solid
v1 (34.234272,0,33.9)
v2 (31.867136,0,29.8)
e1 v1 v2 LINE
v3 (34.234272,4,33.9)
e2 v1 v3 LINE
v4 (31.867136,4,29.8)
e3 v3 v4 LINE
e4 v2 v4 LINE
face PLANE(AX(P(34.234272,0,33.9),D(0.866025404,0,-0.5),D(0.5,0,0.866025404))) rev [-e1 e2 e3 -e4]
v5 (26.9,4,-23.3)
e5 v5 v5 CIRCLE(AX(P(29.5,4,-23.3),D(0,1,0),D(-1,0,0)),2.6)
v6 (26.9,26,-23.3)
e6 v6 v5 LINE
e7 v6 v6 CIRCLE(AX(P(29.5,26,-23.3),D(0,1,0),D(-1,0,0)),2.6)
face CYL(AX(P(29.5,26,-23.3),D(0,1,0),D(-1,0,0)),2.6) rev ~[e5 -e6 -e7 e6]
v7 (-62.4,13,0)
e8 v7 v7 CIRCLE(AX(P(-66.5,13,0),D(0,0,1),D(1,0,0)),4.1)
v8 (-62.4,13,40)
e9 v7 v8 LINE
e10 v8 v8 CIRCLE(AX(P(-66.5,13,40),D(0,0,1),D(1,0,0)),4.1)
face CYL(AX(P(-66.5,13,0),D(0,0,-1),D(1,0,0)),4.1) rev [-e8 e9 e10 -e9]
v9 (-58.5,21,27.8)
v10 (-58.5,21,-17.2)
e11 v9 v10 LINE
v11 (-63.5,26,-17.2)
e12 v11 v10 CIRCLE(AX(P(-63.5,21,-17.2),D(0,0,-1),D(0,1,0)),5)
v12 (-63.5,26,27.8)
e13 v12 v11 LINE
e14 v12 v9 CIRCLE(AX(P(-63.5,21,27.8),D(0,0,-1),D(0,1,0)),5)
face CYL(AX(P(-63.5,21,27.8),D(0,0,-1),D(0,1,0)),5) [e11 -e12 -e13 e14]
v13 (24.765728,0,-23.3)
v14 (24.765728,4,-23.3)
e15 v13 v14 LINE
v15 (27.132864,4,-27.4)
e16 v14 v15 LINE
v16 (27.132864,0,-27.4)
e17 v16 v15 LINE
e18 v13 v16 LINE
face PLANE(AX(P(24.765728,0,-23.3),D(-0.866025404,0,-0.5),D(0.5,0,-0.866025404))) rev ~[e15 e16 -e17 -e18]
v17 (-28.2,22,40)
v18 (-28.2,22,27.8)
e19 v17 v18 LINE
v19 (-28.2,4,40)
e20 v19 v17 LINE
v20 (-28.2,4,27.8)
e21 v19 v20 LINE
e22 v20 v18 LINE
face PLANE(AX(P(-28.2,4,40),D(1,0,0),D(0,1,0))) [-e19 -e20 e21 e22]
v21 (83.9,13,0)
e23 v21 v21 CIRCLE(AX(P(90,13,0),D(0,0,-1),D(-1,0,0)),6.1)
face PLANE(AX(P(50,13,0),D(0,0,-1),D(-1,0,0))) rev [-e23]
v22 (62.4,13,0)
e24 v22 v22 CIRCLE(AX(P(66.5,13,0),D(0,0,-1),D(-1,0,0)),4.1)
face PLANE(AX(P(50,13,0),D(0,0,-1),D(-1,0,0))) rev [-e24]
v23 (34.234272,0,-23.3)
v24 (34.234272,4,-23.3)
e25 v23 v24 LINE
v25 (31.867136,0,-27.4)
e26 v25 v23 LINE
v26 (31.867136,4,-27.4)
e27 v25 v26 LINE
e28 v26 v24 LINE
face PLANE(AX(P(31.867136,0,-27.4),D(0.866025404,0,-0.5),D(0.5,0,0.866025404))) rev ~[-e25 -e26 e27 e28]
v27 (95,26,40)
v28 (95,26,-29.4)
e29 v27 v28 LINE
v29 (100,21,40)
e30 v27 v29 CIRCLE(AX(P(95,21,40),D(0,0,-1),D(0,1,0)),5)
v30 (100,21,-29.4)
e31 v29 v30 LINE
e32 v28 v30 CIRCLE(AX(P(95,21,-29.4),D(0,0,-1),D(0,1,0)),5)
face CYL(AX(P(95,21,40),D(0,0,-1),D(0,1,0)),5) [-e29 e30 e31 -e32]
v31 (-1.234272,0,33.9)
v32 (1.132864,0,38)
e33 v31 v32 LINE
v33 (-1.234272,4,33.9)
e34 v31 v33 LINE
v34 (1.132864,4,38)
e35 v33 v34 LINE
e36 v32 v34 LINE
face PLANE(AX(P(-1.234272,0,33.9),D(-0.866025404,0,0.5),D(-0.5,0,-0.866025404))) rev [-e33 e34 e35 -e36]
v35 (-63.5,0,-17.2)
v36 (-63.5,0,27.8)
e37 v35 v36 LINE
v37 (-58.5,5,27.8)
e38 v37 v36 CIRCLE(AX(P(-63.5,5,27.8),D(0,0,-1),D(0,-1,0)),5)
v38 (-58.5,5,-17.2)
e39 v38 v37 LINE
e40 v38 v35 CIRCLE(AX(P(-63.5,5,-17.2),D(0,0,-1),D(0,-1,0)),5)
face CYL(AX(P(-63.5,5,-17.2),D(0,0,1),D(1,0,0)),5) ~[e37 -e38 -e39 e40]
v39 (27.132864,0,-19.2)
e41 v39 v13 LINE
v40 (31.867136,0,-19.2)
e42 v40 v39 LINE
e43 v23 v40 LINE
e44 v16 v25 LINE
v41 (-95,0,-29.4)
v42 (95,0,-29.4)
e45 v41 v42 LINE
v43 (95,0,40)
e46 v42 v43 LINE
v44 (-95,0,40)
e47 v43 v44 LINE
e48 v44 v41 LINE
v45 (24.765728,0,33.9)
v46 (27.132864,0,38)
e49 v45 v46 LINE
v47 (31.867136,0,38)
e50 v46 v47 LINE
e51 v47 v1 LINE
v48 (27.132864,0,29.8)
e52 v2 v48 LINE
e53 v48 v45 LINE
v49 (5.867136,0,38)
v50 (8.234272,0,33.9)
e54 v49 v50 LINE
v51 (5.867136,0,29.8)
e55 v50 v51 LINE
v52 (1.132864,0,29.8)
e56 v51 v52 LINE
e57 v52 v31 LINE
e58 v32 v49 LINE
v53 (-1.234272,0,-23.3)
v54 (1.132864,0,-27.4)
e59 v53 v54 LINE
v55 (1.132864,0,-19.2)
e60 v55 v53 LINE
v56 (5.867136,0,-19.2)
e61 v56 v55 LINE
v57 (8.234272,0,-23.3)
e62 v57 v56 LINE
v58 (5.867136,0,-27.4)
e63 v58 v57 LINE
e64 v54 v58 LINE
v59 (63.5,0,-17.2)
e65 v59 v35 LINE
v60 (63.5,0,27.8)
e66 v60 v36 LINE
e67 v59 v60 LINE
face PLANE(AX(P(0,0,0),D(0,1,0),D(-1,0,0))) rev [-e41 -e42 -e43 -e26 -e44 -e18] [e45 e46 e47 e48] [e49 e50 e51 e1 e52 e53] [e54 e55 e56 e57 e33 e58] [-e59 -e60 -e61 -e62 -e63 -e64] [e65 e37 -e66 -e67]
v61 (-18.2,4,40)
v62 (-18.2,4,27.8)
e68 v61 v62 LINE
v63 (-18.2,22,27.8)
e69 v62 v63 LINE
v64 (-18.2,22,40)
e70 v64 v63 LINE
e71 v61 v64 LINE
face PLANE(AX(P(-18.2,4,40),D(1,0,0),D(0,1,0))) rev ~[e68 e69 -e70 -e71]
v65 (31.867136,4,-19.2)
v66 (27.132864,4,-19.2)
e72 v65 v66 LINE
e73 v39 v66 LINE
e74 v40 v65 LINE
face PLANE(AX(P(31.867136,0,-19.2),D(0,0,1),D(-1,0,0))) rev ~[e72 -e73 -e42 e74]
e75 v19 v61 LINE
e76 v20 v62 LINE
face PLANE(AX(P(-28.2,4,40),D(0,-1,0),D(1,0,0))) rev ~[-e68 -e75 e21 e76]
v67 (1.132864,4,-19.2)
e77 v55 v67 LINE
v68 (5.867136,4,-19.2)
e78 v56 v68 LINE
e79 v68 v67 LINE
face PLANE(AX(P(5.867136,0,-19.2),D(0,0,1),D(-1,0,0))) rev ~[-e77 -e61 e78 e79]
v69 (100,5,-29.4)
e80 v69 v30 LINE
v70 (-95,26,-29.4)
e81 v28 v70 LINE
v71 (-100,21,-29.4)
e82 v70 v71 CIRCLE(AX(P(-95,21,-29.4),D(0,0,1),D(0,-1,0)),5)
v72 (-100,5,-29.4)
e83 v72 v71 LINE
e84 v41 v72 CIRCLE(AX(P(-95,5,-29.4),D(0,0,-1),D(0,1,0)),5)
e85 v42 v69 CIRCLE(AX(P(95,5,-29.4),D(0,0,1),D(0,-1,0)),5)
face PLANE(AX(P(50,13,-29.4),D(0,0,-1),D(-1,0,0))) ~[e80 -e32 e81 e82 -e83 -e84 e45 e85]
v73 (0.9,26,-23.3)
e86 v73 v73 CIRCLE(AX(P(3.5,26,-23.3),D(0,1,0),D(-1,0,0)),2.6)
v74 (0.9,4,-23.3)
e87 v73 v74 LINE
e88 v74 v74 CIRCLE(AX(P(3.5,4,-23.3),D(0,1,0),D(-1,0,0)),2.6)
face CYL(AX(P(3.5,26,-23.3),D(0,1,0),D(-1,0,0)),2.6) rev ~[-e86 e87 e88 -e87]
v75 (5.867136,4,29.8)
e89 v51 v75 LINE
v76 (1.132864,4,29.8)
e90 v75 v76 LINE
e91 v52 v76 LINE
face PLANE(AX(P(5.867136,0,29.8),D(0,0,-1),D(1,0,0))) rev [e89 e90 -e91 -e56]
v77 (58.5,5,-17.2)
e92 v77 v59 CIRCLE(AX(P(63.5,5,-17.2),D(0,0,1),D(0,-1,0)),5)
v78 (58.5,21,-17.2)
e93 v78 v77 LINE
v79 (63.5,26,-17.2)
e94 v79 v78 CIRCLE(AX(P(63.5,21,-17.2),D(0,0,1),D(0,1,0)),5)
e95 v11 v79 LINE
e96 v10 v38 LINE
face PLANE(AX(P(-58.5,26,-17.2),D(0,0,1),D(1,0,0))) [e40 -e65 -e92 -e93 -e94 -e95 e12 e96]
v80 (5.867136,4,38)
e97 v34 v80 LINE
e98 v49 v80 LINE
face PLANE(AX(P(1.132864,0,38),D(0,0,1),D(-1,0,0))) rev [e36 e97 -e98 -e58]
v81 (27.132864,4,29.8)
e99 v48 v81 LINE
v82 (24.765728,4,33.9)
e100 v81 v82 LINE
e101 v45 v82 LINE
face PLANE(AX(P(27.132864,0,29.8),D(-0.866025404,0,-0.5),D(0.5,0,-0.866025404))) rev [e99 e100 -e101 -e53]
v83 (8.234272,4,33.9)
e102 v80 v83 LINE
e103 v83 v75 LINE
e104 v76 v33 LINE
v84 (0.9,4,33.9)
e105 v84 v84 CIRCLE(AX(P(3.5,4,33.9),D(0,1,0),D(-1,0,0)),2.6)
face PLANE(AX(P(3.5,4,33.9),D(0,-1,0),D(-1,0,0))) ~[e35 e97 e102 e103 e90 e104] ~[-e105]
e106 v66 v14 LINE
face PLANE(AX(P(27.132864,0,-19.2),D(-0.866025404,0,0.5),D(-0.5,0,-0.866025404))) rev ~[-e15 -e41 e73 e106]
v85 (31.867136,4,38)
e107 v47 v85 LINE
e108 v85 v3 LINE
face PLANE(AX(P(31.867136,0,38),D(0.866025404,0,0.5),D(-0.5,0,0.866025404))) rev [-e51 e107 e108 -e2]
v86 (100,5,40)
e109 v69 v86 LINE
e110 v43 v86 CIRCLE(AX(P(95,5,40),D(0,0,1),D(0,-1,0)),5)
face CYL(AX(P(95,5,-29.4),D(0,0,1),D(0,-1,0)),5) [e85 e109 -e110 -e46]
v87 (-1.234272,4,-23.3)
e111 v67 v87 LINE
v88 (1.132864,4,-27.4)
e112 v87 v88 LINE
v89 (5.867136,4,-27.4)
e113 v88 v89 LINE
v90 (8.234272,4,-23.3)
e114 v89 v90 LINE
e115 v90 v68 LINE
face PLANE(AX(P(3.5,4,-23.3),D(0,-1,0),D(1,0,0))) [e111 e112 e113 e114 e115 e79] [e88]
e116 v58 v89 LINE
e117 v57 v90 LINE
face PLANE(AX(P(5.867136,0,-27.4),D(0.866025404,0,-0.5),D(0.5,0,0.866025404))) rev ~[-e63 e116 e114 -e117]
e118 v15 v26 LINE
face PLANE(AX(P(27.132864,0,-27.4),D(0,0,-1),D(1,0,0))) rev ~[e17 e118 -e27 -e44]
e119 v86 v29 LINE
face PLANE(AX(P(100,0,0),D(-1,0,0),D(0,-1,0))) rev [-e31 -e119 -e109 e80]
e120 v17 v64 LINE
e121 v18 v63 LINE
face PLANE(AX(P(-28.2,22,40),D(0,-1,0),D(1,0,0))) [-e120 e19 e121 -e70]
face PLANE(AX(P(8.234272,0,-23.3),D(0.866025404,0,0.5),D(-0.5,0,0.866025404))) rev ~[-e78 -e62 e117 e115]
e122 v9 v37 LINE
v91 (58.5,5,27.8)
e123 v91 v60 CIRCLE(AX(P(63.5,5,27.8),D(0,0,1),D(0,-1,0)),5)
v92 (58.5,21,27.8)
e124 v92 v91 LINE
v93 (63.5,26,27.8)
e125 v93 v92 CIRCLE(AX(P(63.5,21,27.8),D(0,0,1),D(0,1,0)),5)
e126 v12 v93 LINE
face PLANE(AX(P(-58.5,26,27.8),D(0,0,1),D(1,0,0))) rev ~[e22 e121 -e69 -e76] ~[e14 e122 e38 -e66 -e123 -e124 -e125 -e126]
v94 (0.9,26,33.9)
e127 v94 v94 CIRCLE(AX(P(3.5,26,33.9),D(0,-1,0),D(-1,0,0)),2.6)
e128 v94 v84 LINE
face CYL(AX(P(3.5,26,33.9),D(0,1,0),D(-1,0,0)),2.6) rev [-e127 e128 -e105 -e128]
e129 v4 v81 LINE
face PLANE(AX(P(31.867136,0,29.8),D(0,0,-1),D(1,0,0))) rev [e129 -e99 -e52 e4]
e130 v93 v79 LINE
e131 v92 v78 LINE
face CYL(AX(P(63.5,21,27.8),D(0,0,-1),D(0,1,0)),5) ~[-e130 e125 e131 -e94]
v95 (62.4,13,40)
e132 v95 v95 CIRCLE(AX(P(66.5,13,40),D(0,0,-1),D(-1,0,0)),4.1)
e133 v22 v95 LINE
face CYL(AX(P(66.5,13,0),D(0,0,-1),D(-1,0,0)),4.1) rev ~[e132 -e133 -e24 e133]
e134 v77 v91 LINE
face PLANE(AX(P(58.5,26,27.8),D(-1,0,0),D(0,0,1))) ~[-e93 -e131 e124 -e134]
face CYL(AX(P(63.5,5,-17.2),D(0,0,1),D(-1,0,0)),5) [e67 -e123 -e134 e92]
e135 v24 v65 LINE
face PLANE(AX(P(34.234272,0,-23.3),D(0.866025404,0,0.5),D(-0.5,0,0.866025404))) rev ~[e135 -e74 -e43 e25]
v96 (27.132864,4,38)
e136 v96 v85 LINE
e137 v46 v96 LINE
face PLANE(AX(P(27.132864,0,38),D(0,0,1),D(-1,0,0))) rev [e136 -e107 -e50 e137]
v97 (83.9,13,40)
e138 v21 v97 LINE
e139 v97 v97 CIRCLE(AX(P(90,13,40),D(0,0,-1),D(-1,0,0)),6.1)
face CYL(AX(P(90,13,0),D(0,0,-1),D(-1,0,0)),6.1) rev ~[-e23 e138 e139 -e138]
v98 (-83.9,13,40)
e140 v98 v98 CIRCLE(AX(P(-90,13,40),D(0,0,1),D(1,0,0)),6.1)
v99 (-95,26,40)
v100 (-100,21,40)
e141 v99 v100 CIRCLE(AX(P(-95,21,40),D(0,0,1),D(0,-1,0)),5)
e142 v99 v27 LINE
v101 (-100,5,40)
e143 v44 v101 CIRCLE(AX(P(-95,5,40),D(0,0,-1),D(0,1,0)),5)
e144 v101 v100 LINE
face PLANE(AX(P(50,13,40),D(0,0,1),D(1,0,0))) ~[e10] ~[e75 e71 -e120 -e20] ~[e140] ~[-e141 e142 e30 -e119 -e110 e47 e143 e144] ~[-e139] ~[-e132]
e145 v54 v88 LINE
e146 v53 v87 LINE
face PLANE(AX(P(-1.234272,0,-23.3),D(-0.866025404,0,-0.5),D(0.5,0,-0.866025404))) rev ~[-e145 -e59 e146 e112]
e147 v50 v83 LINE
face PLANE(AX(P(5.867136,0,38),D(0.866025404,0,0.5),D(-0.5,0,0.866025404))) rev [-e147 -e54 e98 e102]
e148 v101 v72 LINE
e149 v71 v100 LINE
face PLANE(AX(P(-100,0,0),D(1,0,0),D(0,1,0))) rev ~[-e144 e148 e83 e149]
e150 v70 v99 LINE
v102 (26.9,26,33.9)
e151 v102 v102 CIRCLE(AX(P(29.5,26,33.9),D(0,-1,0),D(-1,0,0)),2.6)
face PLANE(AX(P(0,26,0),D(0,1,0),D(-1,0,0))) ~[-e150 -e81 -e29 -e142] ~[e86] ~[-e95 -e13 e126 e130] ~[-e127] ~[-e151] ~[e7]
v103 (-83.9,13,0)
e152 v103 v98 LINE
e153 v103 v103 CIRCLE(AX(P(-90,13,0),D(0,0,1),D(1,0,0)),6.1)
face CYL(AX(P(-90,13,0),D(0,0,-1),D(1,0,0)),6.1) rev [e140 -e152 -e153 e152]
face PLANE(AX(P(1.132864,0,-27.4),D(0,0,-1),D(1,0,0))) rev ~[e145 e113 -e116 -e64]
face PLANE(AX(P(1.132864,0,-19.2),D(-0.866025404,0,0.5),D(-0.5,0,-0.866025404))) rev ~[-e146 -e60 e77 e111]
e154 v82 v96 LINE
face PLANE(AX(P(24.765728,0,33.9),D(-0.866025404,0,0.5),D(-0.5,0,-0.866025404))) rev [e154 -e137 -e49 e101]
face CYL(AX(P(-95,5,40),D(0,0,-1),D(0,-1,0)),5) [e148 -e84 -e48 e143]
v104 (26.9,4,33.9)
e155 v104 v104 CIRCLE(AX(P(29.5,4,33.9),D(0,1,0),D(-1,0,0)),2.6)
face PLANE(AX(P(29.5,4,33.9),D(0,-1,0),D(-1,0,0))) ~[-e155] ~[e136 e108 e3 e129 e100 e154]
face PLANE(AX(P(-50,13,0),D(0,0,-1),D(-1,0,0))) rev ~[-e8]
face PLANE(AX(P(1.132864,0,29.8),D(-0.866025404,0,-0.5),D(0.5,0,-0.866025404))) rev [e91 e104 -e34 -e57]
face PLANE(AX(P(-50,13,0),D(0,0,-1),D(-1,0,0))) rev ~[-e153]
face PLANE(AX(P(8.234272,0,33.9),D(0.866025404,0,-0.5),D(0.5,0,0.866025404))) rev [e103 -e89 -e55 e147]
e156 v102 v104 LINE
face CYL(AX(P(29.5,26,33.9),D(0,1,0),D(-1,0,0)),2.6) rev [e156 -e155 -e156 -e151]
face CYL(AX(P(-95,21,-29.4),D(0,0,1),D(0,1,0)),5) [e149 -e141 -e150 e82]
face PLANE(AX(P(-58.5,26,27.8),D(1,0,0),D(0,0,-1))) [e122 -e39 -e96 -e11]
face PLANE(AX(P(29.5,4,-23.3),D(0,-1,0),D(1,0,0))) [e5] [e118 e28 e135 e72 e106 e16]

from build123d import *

# Parameters (mm, degrees)
SKETCH1_W           = 100
SKETCH1_H           = 26
SKETCH1_R           = 6.1
SKETCH1_R_2         = 4.1
BOSS_EXTRUDE1_DEPTH = 40
SKETCH2_W           = 100
SKETCH2_H           = 26
BOSS_EXTRUDE2_DEPTH = 29.4
CUT_EXTRUDE1_REACH  = 112.797
SKETCH3_W           = 58.5
SKETCH3_H           = 45
SKETCH4_R           = 2.6
CUT_EXTRUDE2_DEPTH  = 111.797111876
CUT_EXTRUDE3_DEPTH  = 4
SKETCH6_W           = 10
SKETCH6_H           = 18
CUT_EXTRUDE4_DEPTH  = 12.2
FILLET1_R           = 5


with BuildPart() as part:
    # Sketch1 → Boss-Extrude1 (new body)
    with BuildSketch(Plane.XY):
        with Locations((-50, 13)):
            Rectangle(SKETCH1_W, SKETCH1_H)
        with Locations((-90, 13)):
            Circle(SKETCH1_R, mode=Mode.SUBTRACT)
        with Locations((-66.5, 13)):
            Circle(SKETCH1_R_2, mode=Mode.SUBTRACT)
    boss_extrude1 = extrude(amount=BOSS_EXTRUDE1_DEPTH)

    # Sketch2 → Boss-Extrude2 (add)
    with BuildSketch(Plane(origin=(0, 0, 0), x_dir=(-1, 0, 0), z_dir=(0, 0, -1))):
        with Locations((50, 13)):
            Rectangle(SKETCH2_W, SKETCH2_H)
    boss_extrude2 = extrude(amount=BOSS_EXTRUDE2_DEPTH)

    # Sketch3 → Cut-Extrude1 (cut, up to next)
    with BuildSketch(Plane(origin=(0, 26, 0), x_dir=(1, 0, 0), z_dir=(0, 1, 0)), mode=Mode.PRIVATE) as cut_extrude1_sk1:
        with Locations((-29.25, -5.3)):
            Rectangle(SKETCH3_W, SKETCH3_H)
    cut_extrude1_tool1 = extrude(cut_extrude1_sk1.sketch, amount=-CUT_EXTRUDE1_REACH, mode=Mode.PRIVATE) & part.part
    cut_extrude1 = cut_extrude1_tool1.solids().sort_by_distance((-29.25, 26, 5.3))[0]
    add(cut_extrude1, mode=Mode.SUBTRACT)

    # Mirror2: Boss-Extrude1, Boss-Extrude2, Cut-Extrude1 across plane
    add(boss_extrude1.mirror(Plane(origin=(0, 0, 40), x_dir=(0, 0, 1), z_dir=(-1, 0, 0))))
    add(boss_extrude2.mirror(Plane(origin=(0, 0, 40), x_dir=(0, 0, 1), z_dir=(-1, 0, 0))))
    add(cut_extrude1.mirror(Plane(origin=(0, 0, 40), x_dir=(0, 0, 1), z_dir=(-1, 0, 0))), mode=Mode.SUBTRACT)

    # Sketch4 → Cut-Extrude2 (cut, through all)
    with BuildSketch(Plane(origin=(0, 26, 0), x_dir=(1, 0, 0), z_dir=(0, 1, 0))):
        with Locations(Location((3.5, 23.3, 0), (0, 0, 180))):
            Circle(SKETCH4_R)
        with Locations(Location((29.5, 23.3, 0), (0, 0, 180))):
            Circle(SKETCH4_R)
    cut_extrude2 = extrude(amount=-CUT_EXTRUDE2_DEPTH, mode=Mode.SUBTRACT)

    # Sketch5 → Cut-Extrude3 (cut)
    with BuildSketch(Plane.XZ):
        Polygon((34.234272207, -23.3), (31.867136104, -19.2), (27.132863896, -19.2), (24.765727793, -23.3), (27.132863896, -27.4), (31.867136104, -27.4), align=None)
        Polygon((-1.234272207, -23.3), (1.132863896, -27.4), (5.867136104, -27.4), (8.234272207, -23.3), (5.867136104, -19.2), (1.132863896, -19.2), align=None)
    cut_extrude3 = extrude(amount=-CUT_EXTRUDE3_DEPTH, mode=Mode.SUBTRACT)

    # Mirror3: Cut-Extrude2, Cut-Extrude3 across plane
    add(cut_extrude2.mirror(Plane.XY.offset(5.3)), mode=Mode.SUBTRACT)
    add(cut_extrude3.mirror(Plane.XY.offset(5.3)), mode=Mode.SUBTRACT)

    # Sketch6 → Cut-Extrude4 (cut)
    with BuildSketch(Plane.XY.offset(40)):
        with Locations((-23.2, 13)):
            Rectangle(SKETCH6_W, SKETCH6_H)
    extrude(amount=-CUT_EXTRUDE4_DEPTH, mode=Mode.SUBTRACT)

    # Fillet1
    fillet1_edges = [part.edges().sort_by_distance(p)[0] for p in [
        (-58.5, 26, 5.3),
        (-58.5, 0, 5.3),
        (100, 0, 5.3),
        (100, 26, 5.3),
        (-100, 0, 5.3),
        (-100, 26, 5.3),
        (58.5, 0, 5.3),
        (58.5, 26, 5.3),
    ]]
    fillet(fillet1_edges, radius=FILLET1_R)


solid = part.part
